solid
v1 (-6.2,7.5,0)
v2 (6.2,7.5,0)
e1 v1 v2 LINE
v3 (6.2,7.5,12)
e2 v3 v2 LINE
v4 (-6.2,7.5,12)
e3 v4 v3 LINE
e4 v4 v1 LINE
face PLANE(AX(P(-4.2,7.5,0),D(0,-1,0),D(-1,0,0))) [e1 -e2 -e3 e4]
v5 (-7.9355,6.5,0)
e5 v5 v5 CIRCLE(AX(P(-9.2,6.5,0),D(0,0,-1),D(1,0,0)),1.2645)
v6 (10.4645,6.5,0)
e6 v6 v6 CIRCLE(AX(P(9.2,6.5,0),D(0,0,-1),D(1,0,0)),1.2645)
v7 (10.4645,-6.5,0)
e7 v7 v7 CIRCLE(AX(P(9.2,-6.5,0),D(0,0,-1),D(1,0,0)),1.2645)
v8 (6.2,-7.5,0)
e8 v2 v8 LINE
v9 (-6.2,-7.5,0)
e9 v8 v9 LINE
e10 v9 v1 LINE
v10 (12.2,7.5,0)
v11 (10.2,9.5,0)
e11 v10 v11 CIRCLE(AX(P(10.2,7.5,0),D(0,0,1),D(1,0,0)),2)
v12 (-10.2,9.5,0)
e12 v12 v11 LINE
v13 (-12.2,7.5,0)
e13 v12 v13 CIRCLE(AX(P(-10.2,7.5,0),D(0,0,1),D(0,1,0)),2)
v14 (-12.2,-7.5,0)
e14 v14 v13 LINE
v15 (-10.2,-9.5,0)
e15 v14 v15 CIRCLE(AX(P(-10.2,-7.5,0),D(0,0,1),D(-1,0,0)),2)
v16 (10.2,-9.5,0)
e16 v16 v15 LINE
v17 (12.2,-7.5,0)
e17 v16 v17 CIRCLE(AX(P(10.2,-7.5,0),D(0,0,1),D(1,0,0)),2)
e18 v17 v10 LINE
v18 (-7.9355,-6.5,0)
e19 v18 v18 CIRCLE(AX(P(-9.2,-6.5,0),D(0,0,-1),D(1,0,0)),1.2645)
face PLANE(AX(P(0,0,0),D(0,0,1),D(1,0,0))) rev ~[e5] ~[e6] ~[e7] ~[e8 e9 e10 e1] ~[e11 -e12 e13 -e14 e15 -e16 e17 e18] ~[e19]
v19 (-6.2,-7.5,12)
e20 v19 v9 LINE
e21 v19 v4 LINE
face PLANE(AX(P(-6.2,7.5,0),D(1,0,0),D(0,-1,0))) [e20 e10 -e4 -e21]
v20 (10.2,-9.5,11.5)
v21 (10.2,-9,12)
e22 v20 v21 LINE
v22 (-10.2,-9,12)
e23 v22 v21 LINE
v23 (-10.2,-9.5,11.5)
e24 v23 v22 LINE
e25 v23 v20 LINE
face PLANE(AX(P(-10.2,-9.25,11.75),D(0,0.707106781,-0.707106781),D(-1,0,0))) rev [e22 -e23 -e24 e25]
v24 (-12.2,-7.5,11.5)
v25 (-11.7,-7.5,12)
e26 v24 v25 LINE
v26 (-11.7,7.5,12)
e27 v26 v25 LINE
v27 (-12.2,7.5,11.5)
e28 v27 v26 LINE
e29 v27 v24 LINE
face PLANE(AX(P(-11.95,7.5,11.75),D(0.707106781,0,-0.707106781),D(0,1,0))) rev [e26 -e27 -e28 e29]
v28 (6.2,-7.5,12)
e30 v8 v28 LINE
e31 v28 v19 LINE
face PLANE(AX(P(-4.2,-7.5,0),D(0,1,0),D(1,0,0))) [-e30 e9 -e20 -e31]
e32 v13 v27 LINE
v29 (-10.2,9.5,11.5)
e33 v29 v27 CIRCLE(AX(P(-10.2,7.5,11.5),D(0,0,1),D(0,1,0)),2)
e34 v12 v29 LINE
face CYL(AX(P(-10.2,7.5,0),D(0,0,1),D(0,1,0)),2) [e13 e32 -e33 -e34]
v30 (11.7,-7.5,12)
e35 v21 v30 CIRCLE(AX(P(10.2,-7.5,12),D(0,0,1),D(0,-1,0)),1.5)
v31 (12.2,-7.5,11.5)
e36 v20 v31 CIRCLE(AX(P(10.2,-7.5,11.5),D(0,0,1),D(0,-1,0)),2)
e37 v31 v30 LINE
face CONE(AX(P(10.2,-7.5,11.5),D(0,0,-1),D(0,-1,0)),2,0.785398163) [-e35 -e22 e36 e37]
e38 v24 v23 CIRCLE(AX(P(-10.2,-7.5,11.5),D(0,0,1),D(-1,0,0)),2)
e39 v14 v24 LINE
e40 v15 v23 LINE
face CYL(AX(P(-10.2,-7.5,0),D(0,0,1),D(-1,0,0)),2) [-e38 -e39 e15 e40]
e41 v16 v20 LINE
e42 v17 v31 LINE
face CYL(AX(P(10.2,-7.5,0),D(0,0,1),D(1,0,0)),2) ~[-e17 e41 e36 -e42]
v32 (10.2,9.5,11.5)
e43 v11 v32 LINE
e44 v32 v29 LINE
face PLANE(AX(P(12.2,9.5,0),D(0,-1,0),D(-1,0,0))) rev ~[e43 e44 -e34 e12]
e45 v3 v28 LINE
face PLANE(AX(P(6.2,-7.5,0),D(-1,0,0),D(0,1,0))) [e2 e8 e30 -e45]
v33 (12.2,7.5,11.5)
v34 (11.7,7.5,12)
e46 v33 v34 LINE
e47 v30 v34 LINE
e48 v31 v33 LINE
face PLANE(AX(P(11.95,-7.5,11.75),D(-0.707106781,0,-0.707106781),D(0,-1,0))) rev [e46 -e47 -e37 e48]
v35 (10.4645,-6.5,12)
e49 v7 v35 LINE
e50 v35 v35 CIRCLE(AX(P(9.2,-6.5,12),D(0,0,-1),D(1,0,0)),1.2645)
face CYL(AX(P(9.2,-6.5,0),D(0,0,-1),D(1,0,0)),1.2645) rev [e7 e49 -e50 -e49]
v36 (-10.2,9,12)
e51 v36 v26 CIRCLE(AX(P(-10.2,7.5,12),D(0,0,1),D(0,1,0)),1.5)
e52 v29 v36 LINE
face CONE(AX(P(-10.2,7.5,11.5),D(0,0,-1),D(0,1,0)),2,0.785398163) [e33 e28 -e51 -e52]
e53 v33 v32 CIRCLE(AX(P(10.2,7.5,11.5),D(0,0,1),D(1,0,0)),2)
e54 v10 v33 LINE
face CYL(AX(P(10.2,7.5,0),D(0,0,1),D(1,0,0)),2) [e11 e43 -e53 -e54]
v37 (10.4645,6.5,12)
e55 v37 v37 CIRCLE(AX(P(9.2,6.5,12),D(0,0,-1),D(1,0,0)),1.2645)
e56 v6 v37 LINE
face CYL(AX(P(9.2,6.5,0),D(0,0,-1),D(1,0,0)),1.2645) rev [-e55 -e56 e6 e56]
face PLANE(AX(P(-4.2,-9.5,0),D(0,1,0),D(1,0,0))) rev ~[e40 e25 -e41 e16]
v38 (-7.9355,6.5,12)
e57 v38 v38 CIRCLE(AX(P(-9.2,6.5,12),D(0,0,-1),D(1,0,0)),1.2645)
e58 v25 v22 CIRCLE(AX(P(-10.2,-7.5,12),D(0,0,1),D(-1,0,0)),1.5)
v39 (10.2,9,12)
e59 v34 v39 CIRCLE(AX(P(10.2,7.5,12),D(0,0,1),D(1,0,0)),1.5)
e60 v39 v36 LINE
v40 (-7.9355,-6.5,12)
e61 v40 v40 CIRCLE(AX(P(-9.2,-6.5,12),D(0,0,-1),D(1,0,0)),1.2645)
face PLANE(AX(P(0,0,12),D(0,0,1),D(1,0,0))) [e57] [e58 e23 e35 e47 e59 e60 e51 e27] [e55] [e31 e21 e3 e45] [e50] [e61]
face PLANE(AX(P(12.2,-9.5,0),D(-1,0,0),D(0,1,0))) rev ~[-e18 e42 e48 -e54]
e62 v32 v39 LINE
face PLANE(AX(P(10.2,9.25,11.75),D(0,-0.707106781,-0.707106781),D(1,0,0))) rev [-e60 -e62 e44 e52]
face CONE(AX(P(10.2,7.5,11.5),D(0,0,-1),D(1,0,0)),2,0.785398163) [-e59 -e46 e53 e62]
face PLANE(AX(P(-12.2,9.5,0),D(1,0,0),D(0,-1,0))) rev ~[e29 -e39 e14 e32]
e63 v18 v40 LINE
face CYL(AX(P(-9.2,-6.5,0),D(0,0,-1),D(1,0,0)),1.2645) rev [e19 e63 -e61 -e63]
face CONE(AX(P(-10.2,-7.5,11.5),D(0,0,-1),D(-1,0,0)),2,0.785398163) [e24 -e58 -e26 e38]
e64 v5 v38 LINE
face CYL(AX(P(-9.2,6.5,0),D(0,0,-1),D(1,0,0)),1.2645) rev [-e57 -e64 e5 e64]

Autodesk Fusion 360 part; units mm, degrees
sketch "Sketch1" plane through (0, 0, 0) normal (0, 0, 1) x (1, 0, 0)
  line L0 (12.2, 9.5) -> (-12.2, 9.5)
  line L1 (-12.2, 9.5) -> (-12.2, -9.5)
  line L2 (-12.2, -9.5) -> (12.2, -9.5)
  line L3 (12.2, -9.5) -> (12.2, 9.5)
  line L4 (12.2, 9.5) -> (-12.2, -9.5) construction
  line L5 (-12.2, 9.5) -> (12.2, -9.5) construction
  line L6 (9.2, 6.5) -> (-9.2, 6.5) construction
  line L7 (-9.2, 6.5) -> (-9.2, -6.5) construction
  line L8 (-9.2, -6.5) -> (9.2, -6.5) construction
  line L9 (9.2, -6.5) -> (9.2, 6.5) construction
  line L10 (9.2, 6.5) -> (-9.2, -6.5) construction
  line L11 (-9.2, 6.5) -> (9.2, -6.5) construction
  circle A0 centre (9.2, 6.5) radius 1.5
  circle A1 centre (-9.2, -6.5) radius 1.5
  line L12 (0, 0) -> (9.2, 0) construction
  circle A2 centre (-9.2, 6.5) radius 1.5
  circle A3 centre (9.2, -6.5) radius 1.5
  line L13 (6.2, 7.5) -> (-6.2, 7.5)
  line L14 (-6.2, 7.5) -> (-6.2, -7.5)
  line L15 (-6.2, -7.5) -> (6.2, -7.5)
  line L16 (6.2, -7.5) -> (6.2, 7.5)
  line L17 (6.2, 7.5) -> (-6.2, -7.5) construction
  line L18 (-6.2, 7.5) -> (6.2, -7.5) construction
  line L19 (0, 0) -> (5.0501, 0) construction
  line L20 (19.3001, 18.69) -> (-9.2, 18.69) construction
  line L21 (-9.2, 18.69) -> (-9.2, -18.69) construction
  line L22 (-9.2, -18.69) -> (19.3001, -18.69) construction
  line L23 (19.3001, -18.69) -> (19.3001, 18.69) construction
  line L24 (19.3001, 18.69) -> (-9.2, -18.69) construction
  line L25 (-9.2, 18.69) -> (19.3001, -18.69) construction
  circle A4 centre (-9.2, 18.69) radius 1.5
  circle A5 centre (-9.2, -18.69) radius 1.5
  line L26 (-12.2, 21.69) -> (-4.2, 21.69)
  line L27 (-4.2, 21.69) -> (-4.2, -21.69)
  line L28 (-4.2, -21.69) -> (-12.2, -21.69)
  line L29 (-12.2, -21.69) -> (-12.2, 21.69)
  point P0 (5.0501, 0)
  dimension "d1" = 18.4
  dimension "d2" = 13
  dimension "d3" = 3
  dimension "d6" = 3
  dimension "d7" = 3
  dimension "d10" = 3
  dimension "d11" = 2
  dimension "d14" = 37.38
  dimension "d15" = 3
  dimension "d16" = 3
  dimension "d17" = 5
  dimension "d18" = 3
  dimension "d19" = 3
extrude "Extrude1" add sketch "Sketch1" along normal blind 12 contours L0 L2 L3 L13 L15 L16 L27 | L0 L1 L2 L13 L14 L15 L27 L29
fillet "Fillet1" radius 2 4 edges at (12.2, -9.5, 6) (12.2, 9.5, 6) (-12.2, 9.5, 6) (-12.2, -9.5, 6)
thread "Thread1" "ISO Metric profile 3.0 M3x0.5 6H" major diameter 3.086 minor diameter 2.529 pitch 0.5 angle 60 resizes the face on face at (-7.7019, -6.5748, 8) on face at (10.6981, -6.5748, 8) on face at (10.6981, 6.4252, 8) on face at (-7.7019, 6.4252, 8)
sketch "Sketch2" plane through (0, 0, 12) normal (0, 0, 1) x (1, 0, 0)
  line L0 (-12.2, 7.5) -> (-12.2, -7.5)
  line L1 (-10.2, -9.5) -> (10.2, -9.5)
  arc A0 (10.2, -9.5) -> (12.2, -7.5) centre (10.2, -7.5) ccw
  line L2 (12.2, -7.5) -> (12.2, 7.5)
  arc A1 (12.2, 7.5) -> (10.2, 9.5) centre (10.2, 7.5) ccw
  line L3 (10.2, 9.5) -> (-10.2, 9.5)
  line L4 (6.2, 7.5) -> (6.2, -7.5)
  line L5 (6.2, -7.5) -> (-6.2, -7.5)
  line L6 (-6.2, -7.5) -> (-6.2, 7.5)
  line L7 (-6.2, 7.5) -> (6.2, 7.5)
  circle A2 centre (9.2, 6.5) radius 1.2645
  circle A3 centre (-9.2, -6.5) radius 1.2645
  circle A4 centre (9.2, -6.5) radius 1.2645
  circle A5 centre (-9.2, 6.5) radius 1.2645
  line L8 (-12.2, -9.5) -> (-4.2, -9.5)
  line L9 (-4.2, -9.5) -> (-4.2, -14.69)
  line L10 (-4.2, -14.69) -> (-12.2, -14.69)
  line L11 (-12.2, -14.69) -> (-12.2, -9.5)
  line L12 (-4.2, -9.5) -> (-10.2, -9.5)
  line L13 (-4.2, -14.69) -> (-12.2, -14.69)
  line L14 (-12.2, -14.69) -> (-12.2, -11.69)
  line L15 (-12.2, -11.69) -> (-4.2, -11.69)
  line L16 (-4.2, -11.69) -> (-4.2, -14.69)
  line L17 (0, 0) -> (12.2, 0)
  line L18 (-12.2, 14.69) -> (-12.2, 9.5)
  line L19 (-12.2, 9.5) -> (-4.2, 9.5)
  line L20 (-4.2, 14.69) -> (-12.2, 14.69)
  line L21 (-12.2, 14.69) -> (-12.2, 11.69)
  line L22 (-4.2, 11.69) -> (-4.2, 14.69)
  line L23 (-12.2, 11.69) -> (-4.2, 11.69)
  line L24 (-4.2, 9.5) -> (-4.2, 14.69)
  line L25 (-4.2, 9.5) -> (-10.2, 9.5)
  arc A6 (-12.2, -7.5) -> (-10.2, -9.5) centre (-10.2, -7.5) ccw
  arc A7 (-10.2, 9.5) -> (-12.2, 7.5) centre (-10.2, 7.5) ccw
  dimension "d23" = 3
chamfer "Chamfer1" distance 0.5 angle 45 8 edges at (12.2, 0, 12) (11.6142, 8.9142, 12) (0, 9.5, 12) (-11.6142, 8.9142, 12) (-12.2, 0, 12) (-11.6142, -8.9142, 12) (0, -9.5, 12) (11.6142, -8.9142, 12)
equation "d19 = d18"
